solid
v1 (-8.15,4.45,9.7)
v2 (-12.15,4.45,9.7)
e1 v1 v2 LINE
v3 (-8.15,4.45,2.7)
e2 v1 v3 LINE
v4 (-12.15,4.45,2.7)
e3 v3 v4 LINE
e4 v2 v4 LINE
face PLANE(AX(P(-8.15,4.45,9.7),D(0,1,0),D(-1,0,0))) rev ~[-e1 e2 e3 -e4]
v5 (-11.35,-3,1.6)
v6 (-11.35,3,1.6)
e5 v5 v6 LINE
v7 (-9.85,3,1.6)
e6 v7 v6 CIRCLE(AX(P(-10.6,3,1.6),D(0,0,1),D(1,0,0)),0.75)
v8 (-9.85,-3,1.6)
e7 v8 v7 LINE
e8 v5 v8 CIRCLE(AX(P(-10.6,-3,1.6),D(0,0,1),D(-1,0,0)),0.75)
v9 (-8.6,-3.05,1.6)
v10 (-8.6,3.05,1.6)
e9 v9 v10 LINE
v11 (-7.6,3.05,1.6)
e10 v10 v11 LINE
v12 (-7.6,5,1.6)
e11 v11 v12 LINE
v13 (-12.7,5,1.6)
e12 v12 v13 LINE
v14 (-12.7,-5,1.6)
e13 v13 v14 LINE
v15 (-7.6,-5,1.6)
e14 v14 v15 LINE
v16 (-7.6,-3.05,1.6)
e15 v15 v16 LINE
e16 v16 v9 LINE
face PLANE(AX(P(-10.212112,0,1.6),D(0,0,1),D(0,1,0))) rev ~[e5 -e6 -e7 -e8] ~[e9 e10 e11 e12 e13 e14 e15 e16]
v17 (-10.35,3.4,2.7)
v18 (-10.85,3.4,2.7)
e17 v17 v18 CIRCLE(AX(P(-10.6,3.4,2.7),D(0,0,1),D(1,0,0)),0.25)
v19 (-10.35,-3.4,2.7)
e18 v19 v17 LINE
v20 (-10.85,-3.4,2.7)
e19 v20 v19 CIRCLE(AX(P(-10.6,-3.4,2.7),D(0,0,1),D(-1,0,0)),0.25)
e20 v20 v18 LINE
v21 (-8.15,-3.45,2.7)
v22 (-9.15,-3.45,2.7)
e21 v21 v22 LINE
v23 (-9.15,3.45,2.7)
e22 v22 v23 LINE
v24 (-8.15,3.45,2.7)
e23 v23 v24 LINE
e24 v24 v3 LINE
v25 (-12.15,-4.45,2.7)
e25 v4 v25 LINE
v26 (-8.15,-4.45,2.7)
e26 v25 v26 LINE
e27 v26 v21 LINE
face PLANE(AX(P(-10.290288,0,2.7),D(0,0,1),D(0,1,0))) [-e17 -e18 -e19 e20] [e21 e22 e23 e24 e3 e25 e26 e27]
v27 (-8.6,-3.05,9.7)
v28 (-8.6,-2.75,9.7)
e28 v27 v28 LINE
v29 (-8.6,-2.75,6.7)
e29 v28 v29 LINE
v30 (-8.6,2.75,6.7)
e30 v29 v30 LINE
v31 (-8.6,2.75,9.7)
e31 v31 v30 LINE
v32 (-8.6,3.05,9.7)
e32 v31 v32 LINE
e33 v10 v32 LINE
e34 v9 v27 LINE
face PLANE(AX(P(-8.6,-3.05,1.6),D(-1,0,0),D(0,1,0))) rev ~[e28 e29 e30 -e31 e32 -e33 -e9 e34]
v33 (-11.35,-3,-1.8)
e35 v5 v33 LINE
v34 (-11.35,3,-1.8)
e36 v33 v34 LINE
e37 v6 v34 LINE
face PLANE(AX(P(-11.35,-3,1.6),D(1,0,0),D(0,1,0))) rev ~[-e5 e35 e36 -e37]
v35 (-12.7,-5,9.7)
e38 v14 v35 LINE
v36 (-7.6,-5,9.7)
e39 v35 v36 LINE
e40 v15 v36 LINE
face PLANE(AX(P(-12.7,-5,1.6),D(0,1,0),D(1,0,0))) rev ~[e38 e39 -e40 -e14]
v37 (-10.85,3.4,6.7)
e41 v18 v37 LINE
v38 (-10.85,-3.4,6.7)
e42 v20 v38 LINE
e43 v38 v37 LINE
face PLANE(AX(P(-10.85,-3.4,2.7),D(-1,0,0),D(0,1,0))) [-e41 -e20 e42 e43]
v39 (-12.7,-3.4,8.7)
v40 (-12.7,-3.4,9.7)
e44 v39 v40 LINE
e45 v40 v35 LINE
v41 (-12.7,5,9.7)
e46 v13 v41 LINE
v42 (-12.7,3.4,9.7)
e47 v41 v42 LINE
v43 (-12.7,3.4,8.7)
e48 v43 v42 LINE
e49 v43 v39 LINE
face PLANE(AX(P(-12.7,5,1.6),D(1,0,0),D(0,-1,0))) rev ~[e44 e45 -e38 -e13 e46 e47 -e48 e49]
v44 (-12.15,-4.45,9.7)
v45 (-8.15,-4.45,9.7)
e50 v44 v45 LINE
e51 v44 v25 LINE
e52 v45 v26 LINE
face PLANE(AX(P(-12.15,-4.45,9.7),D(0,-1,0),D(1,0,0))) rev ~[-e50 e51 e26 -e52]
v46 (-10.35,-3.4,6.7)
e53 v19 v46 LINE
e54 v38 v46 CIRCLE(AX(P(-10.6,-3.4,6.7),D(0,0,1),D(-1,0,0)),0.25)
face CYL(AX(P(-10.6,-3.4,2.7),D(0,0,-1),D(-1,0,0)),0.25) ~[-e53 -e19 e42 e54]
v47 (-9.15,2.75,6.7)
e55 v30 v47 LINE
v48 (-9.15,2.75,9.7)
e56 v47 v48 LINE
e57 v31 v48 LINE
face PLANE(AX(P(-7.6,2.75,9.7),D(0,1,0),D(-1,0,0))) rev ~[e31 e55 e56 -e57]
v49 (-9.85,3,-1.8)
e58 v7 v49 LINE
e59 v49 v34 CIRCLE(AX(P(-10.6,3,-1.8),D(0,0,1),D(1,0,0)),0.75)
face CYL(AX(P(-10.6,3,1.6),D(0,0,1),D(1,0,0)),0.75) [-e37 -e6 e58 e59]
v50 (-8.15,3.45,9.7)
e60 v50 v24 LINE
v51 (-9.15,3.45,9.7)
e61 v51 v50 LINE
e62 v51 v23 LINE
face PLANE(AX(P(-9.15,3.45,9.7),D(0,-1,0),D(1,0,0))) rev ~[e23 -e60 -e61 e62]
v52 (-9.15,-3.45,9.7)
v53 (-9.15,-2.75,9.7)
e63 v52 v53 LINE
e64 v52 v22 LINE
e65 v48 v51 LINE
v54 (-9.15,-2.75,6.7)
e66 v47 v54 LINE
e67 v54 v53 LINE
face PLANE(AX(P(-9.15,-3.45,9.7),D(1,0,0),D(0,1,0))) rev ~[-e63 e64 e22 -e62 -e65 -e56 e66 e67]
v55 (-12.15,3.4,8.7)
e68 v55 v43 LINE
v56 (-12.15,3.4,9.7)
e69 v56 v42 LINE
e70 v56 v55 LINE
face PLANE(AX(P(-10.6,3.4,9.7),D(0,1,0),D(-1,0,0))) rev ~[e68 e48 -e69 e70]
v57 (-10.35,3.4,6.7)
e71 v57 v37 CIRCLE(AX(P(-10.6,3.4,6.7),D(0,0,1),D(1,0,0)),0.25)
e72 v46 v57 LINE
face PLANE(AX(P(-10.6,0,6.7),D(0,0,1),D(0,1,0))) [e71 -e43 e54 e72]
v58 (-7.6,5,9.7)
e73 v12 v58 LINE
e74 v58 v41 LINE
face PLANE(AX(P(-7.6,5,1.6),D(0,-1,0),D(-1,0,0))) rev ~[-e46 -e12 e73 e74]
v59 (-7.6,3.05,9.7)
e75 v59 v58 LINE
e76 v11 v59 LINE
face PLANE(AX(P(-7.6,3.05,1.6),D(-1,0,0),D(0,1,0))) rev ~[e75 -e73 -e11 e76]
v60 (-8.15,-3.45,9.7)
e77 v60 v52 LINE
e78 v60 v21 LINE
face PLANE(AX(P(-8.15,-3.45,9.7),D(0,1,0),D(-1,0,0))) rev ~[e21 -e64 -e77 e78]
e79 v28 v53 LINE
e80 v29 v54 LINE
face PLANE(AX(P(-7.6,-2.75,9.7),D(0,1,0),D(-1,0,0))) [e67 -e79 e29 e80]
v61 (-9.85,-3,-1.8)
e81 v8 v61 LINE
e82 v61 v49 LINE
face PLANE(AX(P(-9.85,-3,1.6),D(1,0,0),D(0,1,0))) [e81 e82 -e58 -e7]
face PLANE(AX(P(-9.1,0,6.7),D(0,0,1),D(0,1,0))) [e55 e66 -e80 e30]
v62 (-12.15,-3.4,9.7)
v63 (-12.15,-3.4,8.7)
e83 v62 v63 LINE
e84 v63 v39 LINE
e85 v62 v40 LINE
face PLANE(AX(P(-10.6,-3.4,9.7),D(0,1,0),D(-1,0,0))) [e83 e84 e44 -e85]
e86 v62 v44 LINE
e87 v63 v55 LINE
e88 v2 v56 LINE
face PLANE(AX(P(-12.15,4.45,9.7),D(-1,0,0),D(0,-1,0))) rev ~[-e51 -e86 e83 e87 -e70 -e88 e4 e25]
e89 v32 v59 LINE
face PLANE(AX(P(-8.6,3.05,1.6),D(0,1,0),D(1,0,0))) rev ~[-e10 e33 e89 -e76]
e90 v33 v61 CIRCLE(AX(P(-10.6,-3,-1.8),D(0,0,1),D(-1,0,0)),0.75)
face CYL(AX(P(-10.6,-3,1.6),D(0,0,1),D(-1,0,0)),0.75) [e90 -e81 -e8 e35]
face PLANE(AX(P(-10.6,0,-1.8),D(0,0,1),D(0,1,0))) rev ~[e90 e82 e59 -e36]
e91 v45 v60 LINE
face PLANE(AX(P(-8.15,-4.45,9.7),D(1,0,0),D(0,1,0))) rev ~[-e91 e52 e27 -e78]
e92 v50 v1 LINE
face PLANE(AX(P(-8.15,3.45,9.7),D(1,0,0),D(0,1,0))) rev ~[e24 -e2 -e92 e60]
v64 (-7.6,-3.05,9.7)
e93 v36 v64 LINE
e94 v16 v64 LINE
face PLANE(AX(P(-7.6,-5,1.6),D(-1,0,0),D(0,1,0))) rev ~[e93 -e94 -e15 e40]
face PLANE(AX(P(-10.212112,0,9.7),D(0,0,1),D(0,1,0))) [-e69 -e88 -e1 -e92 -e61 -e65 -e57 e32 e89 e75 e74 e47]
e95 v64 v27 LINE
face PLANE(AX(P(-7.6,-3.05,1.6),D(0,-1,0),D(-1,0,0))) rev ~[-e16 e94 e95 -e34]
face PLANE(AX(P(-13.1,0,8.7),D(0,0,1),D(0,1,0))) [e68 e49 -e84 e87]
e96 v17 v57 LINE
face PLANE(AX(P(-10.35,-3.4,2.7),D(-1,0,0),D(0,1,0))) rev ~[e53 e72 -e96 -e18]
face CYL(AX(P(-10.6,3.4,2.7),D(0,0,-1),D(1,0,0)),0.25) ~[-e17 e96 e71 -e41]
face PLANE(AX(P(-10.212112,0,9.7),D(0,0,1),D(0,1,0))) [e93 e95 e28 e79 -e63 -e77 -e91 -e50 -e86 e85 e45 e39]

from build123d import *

# Parameters (mm, degrees)
PAD005_DEPTH            = 8.1
POCKET003_DEPTH         = 7
SKETCH010_W             = 6.8
SKETCH010_H             = 5
POCKET006_DEPTH         = 1
SKETCH011_W             = 5.5
SKETCH011_H             = 3
POCKET005_DEPTH         = 3
PAD006_DEPTH            = 4
PAD007_DEPTH            = 3.4
BODY007_PLACEMENT_ANGLE = 90


with BuildPart() as part:
    # Sketch008 → Pad005 (new body)
    with BuildSketch(Plane.XY):
        Polygon((-5, 0), (-3.05, 0), (-3.05, 1), (3.05, 1), (3.05, 0), (5, 0), (5, 5.1), (-5, 5.1), align=None)
    extrude(amount=PAD005_DEPTH)

    # Sketch009 (on Face10 of Pad005) → Pocket003 (cut)
    with BuildSketch(Plane.XY.offset(8.1)):
        Polygon((-4.45, 0.55), (-3.45, 0.55), (-3.45, 1.55), (3.45, 1.55), (3.45, 0.55), (4.45, 0.55), (4.45, 4.55), (-4.45, 4.55), align=None)
    extrude(amount=-POCKET003_DEPTH, mode=Mode.SUBTRACT)

    # Sketch010 (on Face5 of Pocket003) → Pocket006 (cut)
    with BuildSketch(Plane.XY.offset(8.1)):
        with Locations((0, 5.5)):
            Rectangle(SKETCH010_W, SKETCH010_H)
    extrude(amount=-POCKET006_DEPTH, mode=Mode.SUBTRACT)

    # Sketch011 (on Face5 of Pocket006) → Pocket005 (cut)
    with BuildSketch(Plane.XY.offset(8.1)):
        with Locations((0, 1.5)):
            Rectangle(SKETCH011_W, SKETCH011_H)
    extrude(amount=-POCKET005_DEPTH, mode=Mode.SUBTRACT)

    # Sketch015 (on Face26 of Pocket005) → Pad006 (join)
    with BuildSketch(Plane.XY.offset(1.1)):
        with BuildLine():
            ThreePointArc((-3.4, 3.25), (-3.65, 3), (-3.4, 2.75))
            Line((-3.4, 2.75), (3.4, 2.75))
            ThreePointArc((3.4, 2.75), (3.65, 3), (3.4, 3.25))
            Line((-3.4, 3.25), (3.4, 3.25))
        make_face()
    extrude(amount=PAD006_DEPTH)

    # Sketch014 → Pad007 (join)
    with BuildSketch(Plane.XY):
        with BuildLine():
            ThreePointArc((-3, 3.75), (-3.75, 3), (-3, 2.25))
            Line((-3, 2.25), (3, 2.25))
            ThreePointArc((3, 2.25), (3.75, 3), (3, 3.75))
            Line((-3, 3.75), (3, 3.75))
        make_face()
    extrude(amount=-PAD007_DEPTH)


with BuildPart() as part_1:
    # Body007 placement: moved
    add(part.part.moved(Location((-13.8, 0, 1.6))).rotate(Axis((-13.8, 0, 1.6), (0, 0, 1)), BODY007_PLACEMENT_ANGLE))


with BuildPart() as part_2:
    # Clone005 placement: moved
    add(part_1.part.moved(Location((-0.2, 0, 0))))


with BuildPart() as part_3:
    # Body012 placement: moved
    add(part_2.part.moved(Location((6.4, 0, 0))))


solid = part_3.part
